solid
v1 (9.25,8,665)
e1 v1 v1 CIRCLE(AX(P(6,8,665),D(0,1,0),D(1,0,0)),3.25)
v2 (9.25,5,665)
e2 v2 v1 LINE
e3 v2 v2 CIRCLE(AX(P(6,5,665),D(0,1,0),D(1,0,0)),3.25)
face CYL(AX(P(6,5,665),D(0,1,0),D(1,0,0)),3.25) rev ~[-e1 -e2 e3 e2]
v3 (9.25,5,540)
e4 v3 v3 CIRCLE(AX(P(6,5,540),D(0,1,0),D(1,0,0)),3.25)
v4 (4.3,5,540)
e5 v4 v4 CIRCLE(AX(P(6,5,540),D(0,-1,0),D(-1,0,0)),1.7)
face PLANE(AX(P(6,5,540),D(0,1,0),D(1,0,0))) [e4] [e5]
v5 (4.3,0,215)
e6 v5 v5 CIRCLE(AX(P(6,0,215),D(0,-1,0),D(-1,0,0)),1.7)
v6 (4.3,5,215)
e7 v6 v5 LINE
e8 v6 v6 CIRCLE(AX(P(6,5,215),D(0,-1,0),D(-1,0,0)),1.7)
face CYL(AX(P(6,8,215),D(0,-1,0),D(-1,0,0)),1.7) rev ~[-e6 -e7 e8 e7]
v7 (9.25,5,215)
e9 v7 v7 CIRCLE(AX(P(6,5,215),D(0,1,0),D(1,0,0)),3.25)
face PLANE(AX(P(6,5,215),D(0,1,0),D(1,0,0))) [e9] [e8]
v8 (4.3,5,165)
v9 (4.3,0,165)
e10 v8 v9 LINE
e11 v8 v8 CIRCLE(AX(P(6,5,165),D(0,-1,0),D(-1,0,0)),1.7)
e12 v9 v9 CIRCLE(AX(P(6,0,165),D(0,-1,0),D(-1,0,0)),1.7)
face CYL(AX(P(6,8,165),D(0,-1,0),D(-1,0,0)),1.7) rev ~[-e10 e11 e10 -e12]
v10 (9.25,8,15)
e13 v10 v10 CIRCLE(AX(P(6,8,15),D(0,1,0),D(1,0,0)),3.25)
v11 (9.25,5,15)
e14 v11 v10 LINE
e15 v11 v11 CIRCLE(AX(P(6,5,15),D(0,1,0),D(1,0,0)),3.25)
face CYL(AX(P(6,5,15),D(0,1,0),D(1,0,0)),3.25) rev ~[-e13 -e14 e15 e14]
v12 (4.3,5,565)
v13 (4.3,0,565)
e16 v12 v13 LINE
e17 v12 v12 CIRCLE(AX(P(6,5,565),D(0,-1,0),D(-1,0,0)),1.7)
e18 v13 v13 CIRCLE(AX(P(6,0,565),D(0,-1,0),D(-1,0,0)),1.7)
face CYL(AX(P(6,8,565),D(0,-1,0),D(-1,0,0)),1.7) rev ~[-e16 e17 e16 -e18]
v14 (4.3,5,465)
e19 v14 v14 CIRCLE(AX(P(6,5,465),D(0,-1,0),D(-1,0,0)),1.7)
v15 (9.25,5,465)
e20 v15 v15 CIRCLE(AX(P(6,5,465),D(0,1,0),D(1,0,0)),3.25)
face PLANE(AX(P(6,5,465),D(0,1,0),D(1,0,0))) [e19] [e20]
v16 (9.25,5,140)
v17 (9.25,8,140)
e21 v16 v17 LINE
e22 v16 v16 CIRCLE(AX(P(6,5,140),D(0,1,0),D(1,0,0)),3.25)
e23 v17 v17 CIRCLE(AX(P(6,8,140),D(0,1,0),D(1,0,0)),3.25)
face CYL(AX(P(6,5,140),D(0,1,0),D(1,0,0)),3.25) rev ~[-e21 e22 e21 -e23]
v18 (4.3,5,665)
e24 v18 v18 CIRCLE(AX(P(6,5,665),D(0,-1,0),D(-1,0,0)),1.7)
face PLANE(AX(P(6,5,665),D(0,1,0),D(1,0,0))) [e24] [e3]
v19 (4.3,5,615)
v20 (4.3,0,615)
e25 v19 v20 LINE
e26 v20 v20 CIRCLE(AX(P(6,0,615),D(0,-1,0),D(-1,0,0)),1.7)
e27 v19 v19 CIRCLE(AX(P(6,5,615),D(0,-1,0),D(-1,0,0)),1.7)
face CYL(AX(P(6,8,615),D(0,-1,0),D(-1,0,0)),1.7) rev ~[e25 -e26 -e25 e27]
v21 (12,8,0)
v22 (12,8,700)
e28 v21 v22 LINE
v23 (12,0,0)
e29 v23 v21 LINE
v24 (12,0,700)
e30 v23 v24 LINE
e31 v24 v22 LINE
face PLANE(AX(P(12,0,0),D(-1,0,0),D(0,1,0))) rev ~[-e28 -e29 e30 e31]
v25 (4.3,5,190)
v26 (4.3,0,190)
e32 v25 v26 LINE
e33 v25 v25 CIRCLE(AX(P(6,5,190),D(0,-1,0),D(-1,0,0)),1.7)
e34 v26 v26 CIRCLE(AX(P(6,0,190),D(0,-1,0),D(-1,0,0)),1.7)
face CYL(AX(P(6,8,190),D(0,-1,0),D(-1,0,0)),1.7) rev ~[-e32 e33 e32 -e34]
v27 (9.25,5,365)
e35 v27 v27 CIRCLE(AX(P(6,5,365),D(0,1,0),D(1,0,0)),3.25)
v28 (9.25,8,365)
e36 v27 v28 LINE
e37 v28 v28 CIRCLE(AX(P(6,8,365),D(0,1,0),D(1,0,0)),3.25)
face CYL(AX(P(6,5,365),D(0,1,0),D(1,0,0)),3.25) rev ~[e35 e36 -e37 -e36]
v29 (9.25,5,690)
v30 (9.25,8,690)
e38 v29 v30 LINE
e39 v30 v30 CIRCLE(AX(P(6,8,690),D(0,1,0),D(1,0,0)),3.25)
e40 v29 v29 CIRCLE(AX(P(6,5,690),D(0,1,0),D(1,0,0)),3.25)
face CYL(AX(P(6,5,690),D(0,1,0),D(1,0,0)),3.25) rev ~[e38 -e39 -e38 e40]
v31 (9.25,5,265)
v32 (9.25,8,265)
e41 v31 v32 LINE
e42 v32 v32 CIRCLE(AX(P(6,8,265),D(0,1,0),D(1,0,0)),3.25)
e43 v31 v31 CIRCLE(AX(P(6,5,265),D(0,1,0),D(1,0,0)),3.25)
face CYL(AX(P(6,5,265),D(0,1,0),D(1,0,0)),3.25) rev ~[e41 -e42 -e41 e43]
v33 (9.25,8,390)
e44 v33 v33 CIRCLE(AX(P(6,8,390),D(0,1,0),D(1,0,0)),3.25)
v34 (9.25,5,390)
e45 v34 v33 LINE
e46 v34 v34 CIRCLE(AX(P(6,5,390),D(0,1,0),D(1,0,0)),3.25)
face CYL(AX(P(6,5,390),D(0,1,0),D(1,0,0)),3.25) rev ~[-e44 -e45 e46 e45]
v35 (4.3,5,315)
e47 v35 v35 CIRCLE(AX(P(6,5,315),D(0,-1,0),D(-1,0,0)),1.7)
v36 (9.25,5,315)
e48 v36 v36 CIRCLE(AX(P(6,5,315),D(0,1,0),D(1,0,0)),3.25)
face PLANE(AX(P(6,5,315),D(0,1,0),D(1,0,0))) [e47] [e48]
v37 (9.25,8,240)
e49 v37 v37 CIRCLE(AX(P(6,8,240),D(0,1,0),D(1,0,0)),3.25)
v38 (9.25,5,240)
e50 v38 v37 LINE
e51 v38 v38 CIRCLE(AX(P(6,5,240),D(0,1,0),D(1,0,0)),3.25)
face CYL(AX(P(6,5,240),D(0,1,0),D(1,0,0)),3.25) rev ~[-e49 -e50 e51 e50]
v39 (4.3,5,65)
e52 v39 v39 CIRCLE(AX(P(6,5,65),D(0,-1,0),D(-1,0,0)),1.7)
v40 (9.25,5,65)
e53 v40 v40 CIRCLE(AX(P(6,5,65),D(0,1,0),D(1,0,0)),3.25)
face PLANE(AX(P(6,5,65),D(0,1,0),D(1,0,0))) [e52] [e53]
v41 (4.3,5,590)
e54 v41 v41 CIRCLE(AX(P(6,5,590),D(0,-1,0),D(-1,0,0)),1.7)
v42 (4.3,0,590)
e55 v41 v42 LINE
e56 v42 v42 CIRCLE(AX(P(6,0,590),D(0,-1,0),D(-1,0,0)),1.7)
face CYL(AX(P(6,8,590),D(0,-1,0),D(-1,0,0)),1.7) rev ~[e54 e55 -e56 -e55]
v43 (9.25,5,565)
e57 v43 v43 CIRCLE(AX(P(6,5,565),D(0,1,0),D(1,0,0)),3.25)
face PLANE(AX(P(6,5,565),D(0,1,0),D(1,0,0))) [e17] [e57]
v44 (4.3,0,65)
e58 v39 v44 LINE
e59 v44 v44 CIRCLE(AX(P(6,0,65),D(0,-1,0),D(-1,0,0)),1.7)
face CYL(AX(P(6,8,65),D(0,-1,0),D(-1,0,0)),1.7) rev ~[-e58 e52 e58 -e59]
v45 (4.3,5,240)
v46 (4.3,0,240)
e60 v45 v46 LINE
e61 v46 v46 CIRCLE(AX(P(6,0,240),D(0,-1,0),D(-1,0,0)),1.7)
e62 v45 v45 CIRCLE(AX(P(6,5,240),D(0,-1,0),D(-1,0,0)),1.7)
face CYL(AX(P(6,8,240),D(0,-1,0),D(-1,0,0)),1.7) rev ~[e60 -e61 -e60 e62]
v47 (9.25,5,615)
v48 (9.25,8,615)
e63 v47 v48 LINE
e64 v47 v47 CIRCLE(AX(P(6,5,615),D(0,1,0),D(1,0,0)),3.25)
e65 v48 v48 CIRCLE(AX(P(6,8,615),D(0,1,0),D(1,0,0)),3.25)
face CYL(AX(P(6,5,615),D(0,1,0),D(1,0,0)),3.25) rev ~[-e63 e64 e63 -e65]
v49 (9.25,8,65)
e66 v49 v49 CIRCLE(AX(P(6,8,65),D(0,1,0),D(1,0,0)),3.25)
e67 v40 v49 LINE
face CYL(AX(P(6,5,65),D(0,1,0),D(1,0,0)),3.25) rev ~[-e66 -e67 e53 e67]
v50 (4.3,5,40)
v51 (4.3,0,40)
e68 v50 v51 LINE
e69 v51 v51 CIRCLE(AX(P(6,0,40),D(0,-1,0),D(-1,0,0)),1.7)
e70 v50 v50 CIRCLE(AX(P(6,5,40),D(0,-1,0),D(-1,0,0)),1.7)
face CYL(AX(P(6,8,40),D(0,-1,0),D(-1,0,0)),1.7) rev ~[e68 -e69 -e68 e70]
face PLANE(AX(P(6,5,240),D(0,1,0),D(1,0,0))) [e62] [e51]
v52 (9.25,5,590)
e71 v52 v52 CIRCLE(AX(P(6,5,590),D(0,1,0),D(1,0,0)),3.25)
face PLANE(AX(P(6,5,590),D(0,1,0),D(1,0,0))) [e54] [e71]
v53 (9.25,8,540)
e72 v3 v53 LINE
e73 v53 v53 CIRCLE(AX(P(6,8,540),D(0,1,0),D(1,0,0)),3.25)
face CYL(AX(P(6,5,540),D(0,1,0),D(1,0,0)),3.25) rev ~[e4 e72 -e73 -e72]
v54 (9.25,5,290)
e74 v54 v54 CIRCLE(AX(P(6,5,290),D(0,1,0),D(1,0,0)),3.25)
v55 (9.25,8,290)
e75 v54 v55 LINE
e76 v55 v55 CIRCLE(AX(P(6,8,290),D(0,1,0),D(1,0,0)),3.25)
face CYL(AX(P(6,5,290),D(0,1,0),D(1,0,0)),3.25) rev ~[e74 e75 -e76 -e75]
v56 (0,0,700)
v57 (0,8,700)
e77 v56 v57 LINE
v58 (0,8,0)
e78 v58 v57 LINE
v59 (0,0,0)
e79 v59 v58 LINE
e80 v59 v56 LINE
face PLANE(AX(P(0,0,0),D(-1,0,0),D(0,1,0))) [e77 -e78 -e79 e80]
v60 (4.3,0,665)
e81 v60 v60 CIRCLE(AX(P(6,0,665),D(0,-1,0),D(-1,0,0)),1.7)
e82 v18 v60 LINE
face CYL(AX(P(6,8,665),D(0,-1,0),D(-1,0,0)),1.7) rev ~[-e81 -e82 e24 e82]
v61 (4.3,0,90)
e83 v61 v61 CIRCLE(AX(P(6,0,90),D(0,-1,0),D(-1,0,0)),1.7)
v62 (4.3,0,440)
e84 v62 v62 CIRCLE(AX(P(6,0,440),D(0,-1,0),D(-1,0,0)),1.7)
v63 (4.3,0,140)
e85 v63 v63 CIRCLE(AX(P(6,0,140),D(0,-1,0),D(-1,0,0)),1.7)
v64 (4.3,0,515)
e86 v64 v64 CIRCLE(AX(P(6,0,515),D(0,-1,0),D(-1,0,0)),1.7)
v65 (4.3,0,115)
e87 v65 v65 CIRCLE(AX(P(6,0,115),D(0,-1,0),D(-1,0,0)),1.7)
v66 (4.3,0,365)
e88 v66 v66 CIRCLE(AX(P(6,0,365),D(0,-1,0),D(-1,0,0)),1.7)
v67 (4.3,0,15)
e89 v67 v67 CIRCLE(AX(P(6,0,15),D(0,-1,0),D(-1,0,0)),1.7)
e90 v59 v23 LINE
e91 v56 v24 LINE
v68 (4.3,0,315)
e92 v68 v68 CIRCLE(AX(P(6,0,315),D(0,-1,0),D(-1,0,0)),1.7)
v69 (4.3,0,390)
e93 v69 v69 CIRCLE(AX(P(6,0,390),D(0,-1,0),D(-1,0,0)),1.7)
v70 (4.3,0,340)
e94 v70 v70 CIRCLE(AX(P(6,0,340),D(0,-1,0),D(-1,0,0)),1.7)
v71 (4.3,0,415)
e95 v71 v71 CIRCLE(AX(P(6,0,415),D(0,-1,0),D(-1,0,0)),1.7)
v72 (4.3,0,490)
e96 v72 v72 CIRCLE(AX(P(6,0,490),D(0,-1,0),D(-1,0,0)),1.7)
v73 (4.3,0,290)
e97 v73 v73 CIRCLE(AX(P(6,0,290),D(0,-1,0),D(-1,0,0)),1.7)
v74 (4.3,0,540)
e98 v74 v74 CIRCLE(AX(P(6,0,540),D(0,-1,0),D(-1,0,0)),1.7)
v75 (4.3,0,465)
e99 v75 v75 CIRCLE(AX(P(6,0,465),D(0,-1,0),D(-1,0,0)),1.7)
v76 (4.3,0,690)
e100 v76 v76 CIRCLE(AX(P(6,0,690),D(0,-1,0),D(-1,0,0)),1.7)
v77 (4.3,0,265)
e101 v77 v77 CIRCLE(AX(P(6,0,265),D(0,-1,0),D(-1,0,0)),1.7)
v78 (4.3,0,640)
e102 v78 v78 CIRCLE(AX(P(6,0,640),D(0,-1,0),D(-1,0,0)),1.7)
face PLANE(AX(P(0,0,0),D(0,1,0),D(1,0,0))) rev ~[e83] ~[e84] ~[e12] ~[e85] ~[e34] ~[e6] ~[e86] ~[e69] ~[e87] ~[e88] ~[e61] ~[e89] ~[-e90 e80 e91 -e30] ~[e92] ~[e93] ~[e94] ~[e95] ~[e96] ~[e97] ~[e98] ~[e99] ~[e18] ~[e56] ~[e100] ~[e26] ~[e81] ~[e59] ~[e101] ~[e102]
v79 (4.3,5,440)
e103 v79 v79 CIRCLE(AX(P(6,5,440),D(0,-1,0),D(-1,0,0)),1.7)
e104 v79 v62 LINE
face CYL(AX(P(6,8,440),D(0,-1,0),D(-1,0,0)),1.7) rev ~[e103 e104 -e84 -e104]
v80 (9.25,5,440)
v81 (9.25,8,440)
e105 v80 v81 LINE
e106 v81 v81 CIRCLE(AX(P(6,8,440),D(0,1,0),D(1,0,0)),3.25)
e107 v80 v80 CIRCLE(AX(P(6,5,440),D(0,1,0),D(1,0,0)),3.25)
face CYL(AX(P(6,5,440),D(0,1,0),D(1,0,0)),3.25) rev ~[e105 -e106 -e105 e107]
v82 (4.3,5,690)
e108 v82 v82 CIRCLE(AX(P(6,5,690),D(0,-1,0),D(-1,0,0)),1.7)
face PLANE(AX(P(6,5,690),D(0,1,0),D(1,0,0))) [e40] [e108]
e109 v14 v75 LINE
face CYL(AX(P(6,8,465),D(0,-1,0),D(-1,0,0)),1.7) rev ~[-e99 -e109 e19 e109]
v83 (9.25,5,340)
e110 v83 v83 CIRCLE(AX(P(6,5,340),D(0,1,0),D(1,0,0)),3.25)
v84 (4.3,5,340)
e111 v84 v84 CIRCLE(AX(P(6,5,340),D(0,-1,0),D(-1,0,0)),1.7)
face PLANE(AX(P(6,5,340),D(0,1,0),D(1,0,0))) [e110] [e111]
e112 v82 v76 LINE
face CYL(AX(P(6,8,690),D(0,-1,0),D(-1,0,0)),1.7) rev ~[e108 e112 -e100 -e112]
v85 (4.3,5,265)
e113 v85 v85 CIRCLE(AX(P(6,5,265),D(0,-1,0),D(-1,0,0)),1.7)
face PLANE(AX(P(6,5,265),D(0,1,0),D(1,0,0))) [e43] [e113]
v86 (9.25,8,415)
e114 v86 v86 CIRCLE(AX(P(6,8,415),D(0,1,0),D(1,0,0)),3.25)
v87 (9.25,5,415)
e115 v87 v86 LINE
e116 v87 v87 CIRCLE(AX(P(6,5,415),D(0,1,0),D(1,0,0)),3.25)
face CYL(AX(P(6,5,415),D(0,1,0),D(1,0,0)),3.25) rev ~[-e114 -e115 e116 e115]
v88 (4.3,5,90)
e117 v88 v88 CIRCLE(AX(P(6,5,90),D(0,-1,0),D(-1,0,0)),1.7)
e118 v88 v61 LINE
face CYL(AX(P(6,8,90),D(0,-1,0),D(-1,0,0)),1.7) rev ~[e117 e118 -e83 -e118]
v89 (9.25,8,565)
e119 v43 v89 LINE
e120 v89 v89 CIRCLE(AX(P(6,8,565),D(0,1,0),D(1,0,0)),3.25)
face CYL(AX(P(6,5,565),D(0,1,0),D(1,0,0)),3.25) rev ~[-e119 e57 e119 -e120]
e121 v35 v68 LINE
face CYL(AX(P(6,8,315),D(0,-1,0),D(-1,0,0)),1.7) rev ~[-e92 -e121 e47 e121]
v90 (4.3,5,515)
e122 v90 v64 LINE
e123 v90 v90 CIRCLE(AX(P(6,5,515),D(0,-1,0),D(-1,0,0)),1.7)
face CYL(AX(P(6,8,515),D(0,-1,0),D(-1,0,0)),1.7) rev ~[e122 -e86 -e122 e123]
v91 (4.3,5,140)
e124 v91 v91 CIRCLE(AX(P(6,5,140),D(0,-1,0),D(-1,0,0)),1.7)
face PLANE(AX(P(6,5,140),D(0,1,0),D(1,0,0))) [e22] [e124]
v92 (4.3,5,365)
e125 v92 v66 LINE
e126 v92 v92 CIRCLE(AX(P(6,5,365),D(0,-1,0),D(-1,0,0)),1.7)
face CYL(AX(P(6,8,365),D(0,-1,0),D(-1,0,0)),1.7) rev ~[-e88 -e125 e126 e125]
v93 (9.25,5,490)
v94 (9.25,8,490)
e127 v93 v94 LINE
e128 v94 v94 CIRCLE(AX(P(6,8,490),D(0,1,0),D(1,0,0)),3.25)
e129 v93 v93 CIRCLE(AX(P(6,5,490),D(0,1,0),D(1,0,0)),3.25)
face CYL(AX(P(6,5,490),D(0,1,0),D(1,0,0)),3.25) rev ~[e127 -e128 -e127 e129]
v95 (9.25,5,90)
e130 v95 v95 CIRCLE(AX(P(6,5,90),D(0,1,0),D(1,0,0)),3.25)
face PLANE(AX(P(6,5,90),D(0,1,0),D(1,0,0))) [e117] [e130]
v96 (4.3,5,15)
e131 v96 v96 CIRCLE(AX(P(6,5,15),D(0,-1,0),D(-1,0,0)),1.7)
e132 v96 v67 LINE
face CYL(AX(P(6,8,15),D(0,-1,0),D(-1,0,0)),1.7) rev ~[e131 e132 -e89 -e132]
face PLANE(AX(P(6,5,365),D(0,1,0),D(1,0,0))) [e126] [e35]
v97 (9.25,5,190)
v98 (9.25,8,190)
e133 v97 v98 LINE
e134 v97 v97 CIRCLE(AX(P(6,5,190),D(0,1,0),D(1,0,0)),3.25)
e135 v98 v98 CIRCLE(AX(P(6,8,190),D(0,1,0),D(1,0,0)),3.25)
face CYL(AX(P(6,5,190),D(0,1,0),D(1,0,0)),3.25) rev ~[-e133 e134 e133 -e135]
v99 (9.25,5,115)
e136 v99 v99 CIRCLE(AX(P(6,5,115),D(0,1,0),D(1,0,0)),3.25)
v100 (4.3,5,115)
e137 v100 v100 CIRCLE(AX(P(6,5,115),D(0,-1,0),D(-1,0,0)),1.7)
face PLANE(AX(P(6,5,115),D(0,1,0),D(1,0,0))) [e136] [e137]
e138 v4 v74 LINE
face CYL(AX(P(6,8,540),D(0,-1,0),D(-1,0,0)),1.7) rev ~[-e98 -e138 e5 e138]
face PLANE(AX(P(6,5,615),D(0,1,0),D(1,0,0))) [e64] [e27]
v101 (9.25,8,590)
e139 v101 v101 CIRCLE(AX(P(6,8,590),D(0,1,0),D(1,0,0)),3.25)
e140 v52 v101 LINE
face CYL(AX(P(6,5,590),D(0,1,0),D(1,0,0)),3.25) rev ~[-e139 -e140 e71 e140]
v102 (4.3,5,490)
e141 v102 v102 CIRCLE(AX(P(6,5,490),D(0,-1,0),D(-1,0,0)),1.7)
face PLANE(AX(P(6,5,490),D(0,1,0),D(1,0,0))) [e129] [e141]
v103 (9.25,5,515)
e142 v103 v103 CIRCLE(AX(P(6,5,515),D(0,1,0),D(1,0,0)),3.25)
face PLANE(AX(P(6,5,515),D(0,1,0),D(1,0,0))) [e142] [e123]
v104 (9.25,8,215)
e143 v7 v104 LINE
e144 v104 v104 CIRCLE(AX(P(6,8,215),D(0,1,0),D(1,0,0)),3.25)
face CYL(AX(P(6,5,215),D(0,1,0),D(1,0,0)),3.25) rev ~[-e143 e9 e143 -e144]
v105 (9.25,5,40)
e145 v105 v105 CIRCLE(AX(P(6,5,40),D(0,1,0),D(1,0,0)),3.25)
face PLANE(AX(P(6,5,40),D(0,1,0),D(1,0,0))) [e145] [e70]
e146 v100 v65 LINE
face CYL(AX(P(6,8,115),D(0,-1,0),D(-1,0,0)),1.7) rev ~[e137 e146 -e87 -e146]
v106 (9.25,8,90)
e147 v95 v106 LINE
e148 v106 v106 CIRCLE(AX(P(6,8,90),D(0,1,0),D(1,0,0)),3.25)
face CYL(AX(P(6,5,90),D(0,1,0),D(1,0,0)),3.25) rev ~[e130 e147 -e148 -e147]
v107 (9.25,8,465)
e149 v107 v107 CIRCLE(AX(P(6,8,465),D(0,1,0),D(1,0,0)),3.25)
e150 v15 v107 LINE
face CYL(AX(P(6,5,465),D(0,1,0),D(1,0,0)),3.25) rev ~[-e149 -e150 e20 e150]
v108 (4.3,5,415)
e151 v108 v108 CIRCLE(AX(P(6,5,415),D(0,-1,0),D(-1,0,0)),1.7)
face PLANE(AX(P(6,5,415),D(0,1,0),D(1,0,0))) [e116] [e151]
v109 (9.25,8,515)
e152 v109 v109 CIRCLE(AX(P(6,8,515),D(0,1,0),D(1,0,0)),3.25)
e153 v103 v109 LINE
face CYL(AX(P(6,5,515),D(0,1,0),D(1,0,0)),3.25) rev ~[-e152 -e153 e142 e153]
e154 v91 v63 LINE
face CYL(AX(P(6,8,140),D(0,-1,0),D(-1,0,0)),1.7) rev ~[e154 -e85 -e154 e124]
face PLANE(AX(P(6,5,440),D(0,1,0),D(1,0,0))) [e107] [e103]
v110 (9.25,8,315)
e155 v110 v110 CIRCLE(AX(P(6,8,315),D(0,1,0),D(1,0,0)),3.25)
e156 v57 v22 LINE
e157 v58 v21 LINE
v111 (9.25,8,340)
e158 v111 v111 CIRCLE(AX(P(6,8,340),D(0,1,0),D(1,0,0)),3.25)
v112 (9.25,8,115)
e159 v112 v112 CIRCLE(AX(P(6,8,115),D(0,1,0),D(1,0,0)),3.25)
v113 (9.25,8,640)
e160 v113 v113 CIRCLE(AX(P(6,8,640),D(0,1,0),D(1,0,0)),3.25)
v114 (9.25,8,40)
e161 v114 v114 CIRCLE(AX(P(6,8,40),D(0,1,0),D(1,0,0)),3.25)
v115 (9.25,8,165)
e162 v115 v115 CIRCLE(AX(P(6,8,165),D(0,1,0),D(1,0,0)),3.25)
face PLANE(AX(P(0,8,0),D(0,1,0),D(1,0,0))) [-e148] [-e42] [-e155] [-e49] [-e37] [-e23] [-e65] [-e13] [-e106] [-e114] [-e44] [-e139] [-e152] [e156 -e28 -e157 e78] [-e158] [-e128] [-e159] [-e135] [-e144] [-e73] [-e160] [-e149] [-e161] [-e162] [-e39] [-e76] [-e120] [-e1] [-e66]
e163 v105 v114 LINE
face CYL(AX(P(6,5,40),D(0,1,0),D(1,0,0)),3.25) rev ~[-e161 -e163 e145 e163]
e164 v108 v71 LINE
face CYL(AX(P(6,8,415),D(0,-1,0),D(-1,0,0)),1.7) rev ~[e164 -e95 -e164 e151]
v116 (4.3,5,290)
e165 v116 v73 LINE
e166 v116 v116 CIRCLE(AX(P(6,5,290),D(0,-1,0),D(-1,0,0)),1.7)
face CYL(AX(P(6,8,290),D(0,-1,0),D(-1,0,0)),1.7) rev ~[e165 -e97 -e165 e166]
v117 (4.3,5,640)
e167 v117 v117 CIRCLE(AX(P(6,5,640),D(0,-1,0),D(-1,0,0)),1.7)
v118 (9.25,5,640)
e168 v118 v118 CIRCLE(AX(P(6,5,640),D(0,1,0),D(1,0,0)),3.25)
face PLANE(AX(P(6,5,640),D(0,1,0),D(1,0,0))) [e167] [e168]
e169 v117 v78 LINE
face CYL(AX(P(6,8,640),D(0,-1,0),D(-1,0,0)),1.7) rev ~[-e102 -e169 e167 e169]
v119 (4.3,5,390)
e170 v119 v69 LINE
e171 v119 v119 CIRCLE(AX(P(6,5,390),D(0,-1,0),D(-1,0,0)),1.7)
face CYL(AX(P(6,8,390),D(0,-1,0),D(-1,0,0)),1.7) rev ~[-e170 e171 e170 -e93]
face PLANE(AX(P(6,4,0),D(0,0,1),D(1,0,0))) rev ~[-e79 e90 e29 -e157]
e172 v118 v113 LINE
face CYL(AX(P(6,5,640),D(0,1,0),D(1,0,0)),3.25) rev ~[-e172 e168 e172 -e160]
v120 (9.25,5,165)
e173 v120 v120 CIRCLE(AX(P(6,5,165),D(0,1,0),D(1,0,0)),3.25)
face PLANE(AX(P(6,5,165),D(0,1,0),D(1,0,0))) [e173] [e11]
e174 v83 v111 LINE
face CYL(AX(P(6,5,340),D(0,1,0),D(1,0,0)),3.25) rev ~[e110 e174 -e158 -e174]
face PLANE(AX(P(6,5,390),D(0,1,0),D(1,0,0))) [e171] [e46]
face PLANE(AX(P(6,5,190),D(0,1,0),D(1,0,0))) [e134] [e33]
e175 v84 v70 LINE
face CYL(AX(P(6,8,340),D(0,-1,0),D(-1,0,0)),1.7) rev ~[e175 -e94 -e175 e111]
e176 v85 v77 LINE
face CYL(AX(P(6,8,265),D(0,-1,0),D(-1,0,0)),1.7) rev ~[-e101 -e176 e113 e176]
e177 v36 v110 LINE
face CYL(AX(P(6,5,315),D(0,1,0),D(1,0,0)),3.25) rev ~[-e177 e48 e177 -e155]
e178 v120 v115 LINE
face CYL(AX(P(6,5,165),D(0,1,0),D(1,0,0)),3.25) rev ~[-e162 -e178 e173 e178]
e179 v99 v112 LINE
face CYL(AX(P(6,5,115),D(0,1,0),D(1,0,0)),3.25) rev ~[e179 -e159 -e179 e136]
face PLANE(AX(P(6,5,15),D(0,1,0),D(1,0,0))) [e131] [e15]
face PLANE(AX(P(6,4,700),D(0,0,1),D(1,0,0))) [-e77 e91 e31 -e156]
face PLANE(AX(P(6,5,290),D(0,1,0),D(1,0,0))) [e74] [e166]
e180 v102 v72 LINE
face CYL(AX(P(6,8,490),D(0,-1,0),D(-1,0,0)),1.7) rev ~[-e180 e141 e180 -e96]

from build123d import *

# Parameters (mm, degrees)
SKETCH1_W                      = 12
SKETCH1_H                      = 8
BOSS_EXTRUDE1_DEPTH            = 700
CBORE_FOR_M3_SHCS1_D           = 3.4
CBORE_FOR_M3_SHCS1_CBORE_D     = 6.5
CBORE_FOR_M3_SHCS1_CBORE_DEPTH = 3


with BuildPart() as part:
    # Sketch1 → Boss-Extrude1 (new body)
    with BuildSketch(Plane.XY):
        with Locations((6, 4)):
            Rectangle(SKETCH1_W, SKETCH1_H)
    extrude(amount=BOSS_EXTRUDE1_DEPTH)

    # CBORE for M3 SHCS1 (through all)
    with Locations(Plane(origin=(0, 8, 0), x_dir=(1, 0, 0), z_dir=(0, 1, 0))):
        with Locations((6, -690), (6, -665), (6, -640), (6, -615), (6, -590), (6, -565), (6, -540), (6, -515), (6, -490), (6, -465), (6, -440), (6, -415), (6, -390), (6, -365), (6, -340), (6, -315), (6, -290), (6, -265), (6, -240), (6, -215), (6, -190), (6, -165), (6, -140), (6, -115), (6, -90), (6, -65), (6, -40), (6, -15)):
            CounterBoreHole(CBORE_FOR_M3_SHCS1_D / 2, CBORE_FOR_M3_SHCS1_CBORE_D / 2, CBORE_FOR_M3_SHCS1_CBORE_DEPTH)


solid = part.part
